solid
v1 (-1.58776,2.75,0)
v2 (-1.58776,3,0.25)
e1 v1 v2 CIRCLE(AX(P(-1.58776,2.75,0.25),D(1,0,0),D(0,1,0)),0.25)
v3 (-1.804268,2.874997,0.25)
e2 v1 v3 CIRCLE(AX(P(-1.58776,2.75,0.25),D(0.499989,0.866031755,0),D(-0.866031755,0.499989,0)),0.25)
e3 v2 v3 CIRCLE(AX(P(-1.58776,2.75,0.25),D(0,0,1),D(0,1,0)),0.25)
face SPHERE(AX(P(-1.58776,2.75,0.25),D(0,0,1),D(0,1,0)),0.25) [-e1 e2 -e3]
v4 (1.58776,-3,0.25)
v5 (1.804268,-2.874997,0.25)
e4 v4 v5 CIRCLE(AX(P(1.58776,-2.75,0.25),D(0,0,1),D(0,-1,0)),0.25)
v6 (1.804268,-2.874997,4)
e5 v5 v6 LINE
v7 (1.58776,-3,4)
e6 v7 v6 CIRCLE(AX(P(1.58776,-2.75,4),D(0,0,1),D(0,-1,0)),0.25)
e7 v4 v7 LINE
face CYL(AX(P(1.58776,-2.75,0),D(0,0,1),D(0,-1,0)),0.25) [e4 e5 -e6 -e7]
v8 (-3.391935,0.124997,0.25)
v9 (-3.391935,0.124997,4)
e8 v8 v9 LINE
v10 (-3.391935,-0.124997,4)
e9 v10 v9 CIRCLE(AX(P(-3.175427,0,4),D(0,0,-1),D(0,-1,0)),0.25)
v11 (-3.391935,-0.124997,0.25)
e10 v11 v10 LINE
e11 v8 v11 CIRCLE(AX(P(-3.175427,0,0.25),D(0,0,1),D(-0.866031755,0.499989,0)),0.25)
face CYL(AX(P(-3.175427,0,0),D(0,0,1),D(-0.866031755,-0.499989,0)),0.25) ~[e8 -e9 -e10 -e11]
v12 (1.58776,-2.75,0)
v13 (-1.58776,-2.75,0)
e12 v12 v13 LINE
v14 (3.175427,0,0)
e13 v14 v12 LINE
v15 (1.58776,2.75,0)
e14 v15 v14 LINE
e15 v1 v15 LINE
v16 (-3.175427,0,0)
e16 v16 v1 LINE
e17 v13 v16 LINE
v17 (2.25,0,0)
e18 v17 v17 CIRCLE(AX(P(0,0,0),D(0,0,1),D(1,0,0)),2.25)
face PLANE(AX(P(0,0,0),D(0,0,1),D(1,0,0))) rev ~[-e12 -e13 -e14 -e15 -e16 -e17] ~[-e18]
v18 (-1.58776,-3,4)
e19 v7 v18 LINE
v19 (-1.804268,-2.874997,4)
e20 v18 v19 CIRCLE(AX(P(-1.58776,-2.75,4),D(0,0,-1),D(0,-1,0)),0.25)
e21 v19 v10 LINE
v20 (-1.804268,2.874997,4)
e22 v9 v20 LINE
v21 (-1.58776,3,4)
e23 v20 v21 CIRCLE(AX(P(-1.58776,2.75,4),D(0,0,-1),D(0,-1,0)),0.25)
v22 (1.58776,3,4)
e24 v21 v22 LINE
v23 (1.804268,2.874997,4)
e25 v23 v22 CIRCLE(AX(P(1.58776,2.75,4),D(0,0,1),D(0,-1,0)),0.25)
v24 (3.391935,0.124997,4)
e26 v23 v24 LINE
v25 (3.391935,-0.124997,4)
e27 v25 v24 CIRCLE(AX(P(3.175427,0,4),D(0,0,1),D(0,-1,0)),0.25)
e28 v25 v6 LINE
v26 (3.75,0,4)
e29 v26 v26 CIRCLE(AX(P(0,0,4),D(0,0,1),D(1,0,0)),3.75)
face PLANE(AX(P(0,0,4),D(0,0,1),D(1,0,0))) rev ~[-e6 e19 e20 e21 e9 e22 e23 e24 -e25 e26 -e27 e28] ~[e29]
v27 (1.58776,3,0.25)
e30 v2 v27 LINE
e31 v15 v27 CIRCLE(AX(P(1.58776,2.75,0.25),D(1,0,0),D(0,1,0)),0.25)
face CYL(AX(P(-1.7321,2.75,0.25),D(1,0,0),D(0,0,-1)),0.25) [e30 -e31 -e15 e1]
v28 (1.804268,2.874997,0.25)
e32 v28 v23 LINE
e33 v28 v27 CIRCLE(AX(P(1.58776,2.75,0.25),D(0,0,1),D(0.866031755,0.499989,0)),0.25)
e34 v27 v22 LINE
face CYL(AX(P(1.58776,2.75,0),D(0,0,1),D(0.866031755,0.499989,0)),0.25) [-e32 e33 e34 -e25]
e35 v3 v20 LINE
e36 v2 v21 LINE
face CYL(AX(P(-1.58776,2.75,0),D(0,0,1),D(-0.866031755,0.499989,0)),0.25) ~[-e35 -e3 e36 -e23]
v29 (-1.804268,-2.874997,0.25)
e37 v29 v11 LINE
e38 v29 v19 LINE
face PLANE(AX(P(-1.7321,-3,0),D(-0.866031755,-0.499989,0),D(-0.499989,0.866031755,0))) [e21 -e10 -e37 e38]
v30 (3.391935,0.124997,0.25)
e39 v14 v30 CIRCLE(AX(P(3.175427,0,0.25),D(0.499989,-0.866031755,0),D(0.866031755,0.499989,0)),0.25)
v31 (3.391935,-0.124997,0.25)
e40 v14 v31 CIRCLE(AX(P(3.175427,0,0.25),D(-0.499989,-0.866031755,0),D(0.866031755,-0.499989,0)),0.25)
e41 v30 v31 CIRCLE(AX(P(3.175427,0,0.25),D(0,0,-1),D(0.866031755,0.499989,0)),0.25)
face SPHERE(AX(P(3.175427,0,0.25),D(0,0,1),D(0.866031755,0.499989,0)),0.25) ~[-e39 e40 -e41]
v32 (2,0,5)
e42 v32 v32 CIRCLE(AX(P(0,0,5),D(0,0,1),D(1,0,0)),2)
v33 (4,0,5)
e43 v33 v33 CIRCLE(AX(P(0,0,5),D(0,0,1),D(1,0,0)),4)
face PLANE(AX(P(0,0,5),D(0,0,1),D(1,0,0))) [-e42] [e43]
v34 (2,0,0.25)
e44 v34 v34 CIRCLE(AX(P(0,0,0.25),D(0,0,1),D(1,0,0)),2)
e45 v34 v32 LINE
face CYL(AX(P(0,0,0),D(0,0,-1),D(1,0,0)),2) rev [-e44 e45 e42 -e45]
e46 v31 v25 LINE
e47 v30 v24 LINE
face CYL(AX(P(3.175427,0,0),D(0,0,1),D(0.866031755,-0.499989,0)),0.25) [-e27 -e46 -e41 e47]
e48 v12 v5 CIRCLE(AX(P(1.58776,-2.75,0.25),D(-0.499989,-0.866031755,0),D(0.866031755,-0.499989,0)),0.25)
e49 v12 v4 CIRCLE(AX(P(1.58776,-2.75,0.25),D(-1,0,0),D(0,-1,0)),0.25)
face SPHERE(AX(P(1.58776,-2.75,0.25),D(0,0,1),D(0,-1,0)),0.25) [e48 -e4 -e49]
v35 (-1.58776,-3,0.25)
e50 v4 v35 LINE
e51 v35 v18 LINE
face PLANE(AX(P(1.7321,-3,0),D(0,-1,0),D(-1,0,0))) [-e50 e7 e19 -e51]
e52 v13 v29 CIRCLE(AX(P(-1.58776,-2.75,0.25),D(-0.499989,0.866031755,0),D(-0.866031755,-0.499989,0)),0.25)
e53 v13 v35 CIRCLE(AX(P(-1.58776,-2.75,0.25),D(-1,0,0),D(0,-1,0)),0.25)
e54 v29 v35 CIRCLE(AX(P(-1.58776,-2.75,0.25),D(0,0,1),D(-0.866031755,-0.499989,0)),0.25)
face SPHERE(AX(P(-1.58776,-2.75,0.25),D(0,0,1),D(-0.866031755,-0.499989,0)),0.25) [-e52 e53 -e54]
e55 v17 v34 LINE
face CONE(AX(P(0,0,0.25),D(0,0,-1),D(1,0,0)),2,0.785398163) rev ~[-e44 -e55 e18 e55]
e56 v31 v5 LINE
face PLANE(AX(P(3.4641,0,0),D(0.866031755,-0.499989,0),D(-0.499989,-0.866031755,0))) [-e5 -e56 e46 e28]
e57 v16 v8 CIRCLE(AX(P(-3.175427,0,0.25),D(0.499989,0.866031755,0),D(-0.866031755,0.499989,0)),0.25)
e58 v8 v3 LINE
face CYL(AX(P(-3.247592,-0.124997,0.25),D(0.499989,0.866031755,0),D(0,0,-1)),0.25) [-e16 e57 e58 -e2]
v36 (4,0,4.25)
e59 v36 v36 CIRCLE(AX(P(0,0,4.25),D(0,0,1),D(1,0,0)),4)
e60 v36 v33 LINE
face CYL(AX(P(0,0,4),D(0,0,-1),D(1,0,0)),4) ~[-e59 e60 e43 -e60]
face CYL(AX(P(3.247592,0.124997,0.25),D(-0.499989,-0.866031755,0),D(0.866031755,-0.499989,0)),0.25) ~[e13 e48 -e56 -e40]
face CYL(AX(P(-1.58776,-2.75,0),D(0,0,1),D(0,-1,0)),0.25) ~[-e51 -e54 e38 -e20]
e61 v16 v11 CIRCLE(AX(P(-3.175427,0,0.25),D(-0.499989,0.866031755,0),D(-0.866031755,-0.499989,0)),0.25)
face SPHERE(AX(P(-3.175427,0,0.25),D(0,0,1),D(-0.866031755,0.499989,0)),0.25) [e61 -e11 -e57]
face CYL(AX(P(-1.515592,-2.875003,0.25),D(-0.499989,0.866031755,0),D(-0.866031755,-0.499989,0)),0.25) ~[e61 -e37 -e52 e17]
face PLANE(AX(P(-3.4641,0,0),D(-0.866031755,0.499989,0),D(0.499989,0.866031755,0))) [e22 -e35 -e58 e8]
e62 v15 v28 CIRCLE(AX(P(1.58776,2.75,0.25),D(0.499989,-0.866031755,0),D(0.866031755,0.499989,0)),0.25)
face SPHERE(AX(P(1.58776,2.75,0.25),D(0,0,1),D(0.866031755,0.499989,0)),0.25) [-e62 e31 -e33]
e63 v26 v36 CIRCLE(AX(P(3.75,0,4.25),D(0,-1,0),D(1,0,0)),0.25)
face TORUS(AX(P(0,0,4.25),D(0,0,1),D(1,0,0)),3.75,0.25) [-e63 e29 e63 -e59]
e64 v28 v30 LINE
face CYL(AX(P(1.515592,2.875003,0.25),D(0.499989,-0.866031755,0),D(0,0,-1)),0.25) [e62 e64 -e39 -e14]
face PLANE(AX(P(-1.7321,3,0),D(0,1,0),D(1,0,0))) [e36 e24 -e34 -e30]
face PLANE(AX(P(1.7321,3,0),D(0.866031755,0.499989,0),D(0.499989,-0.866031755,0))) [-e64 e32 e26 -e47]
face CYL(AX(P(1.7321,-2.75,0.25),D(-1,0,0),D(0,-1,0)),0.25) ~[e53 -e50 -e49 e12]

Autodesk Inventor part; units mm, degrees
ref_plane "YZ Plane" through (0, 0, 0) normal (1, 0, 0) x (0, 1, 0)
ref_plane "XZ Plane" through (0, 0, 0) normal (0, 1, 0) x (-1, 0, 0)
ref_plane "XY Plane" through (0, 0, 0) normal (0, 0, 1) x (1, 0, 0)
sketch "草图1" plane through (0, 0, 0) normal (0, 0, 1) x (1, 0, 0)
  circle A0 centre (0, 0) radius 2
  line L0 (1.7321, -3) -> (-1.7321, -3)
  line L1 (-1.7321, -3) -> (-3.4641, 0)
  line L2 (-3.4641, 0) -> (-1.7321, 3)
  line L3 (-1.7321, 3) -> (1.7321, 3)
  line L4 (1.7321, 3) -> (3.4641, 0)
  line L5 (3.4641, 0) -> (1.7321, -3)
  line L6 (0, 0) -> (0, 1.0765)
  point P0 (0, 3)
  dimension "d0" = 4
  dimension "d1" = 1.0765
  dimension "d2" = 6
extrude "拉伸1" add sketch "草图1" along normal blind 4
sketch "草图2" plane through (0, 0, 4) normal (0, 0, 1) x (1, 0, 0)
  circle A0 centre (0, 0) radius 4
  circle A1 centre (0, 0) radius 2
  dimension "d5" = 8
  dimension "d6" = 4
extrude "拉伸2" add sketch "草图2" along normal blind 1
thread "螺纹1" size "M4x0.7" class "6H" standard "ANSI Metric M Profile" full length
fillet "圆角1" radius 0.25 13 edges at (-4, 0, 4) (1.7321, 3, 2) (2.5981, 1.5, 0) (0, 3, 0) (-2.5981, 1.5, 0) (-2.5981, -1.5, 0) (0, -3, 0) (2.5981, -1.5, 0) (1.7321, -3, 2) (3.4641, 0, 2) (-1.7321, -3, 2) (-3.4641, 0, 2) (-1.7321, 3, 2)
chamfer "倒角1" distance 0.25 angle 45 1 edges at (-2, 0, 0)
properties part number "刀轴端盖螺帽"
